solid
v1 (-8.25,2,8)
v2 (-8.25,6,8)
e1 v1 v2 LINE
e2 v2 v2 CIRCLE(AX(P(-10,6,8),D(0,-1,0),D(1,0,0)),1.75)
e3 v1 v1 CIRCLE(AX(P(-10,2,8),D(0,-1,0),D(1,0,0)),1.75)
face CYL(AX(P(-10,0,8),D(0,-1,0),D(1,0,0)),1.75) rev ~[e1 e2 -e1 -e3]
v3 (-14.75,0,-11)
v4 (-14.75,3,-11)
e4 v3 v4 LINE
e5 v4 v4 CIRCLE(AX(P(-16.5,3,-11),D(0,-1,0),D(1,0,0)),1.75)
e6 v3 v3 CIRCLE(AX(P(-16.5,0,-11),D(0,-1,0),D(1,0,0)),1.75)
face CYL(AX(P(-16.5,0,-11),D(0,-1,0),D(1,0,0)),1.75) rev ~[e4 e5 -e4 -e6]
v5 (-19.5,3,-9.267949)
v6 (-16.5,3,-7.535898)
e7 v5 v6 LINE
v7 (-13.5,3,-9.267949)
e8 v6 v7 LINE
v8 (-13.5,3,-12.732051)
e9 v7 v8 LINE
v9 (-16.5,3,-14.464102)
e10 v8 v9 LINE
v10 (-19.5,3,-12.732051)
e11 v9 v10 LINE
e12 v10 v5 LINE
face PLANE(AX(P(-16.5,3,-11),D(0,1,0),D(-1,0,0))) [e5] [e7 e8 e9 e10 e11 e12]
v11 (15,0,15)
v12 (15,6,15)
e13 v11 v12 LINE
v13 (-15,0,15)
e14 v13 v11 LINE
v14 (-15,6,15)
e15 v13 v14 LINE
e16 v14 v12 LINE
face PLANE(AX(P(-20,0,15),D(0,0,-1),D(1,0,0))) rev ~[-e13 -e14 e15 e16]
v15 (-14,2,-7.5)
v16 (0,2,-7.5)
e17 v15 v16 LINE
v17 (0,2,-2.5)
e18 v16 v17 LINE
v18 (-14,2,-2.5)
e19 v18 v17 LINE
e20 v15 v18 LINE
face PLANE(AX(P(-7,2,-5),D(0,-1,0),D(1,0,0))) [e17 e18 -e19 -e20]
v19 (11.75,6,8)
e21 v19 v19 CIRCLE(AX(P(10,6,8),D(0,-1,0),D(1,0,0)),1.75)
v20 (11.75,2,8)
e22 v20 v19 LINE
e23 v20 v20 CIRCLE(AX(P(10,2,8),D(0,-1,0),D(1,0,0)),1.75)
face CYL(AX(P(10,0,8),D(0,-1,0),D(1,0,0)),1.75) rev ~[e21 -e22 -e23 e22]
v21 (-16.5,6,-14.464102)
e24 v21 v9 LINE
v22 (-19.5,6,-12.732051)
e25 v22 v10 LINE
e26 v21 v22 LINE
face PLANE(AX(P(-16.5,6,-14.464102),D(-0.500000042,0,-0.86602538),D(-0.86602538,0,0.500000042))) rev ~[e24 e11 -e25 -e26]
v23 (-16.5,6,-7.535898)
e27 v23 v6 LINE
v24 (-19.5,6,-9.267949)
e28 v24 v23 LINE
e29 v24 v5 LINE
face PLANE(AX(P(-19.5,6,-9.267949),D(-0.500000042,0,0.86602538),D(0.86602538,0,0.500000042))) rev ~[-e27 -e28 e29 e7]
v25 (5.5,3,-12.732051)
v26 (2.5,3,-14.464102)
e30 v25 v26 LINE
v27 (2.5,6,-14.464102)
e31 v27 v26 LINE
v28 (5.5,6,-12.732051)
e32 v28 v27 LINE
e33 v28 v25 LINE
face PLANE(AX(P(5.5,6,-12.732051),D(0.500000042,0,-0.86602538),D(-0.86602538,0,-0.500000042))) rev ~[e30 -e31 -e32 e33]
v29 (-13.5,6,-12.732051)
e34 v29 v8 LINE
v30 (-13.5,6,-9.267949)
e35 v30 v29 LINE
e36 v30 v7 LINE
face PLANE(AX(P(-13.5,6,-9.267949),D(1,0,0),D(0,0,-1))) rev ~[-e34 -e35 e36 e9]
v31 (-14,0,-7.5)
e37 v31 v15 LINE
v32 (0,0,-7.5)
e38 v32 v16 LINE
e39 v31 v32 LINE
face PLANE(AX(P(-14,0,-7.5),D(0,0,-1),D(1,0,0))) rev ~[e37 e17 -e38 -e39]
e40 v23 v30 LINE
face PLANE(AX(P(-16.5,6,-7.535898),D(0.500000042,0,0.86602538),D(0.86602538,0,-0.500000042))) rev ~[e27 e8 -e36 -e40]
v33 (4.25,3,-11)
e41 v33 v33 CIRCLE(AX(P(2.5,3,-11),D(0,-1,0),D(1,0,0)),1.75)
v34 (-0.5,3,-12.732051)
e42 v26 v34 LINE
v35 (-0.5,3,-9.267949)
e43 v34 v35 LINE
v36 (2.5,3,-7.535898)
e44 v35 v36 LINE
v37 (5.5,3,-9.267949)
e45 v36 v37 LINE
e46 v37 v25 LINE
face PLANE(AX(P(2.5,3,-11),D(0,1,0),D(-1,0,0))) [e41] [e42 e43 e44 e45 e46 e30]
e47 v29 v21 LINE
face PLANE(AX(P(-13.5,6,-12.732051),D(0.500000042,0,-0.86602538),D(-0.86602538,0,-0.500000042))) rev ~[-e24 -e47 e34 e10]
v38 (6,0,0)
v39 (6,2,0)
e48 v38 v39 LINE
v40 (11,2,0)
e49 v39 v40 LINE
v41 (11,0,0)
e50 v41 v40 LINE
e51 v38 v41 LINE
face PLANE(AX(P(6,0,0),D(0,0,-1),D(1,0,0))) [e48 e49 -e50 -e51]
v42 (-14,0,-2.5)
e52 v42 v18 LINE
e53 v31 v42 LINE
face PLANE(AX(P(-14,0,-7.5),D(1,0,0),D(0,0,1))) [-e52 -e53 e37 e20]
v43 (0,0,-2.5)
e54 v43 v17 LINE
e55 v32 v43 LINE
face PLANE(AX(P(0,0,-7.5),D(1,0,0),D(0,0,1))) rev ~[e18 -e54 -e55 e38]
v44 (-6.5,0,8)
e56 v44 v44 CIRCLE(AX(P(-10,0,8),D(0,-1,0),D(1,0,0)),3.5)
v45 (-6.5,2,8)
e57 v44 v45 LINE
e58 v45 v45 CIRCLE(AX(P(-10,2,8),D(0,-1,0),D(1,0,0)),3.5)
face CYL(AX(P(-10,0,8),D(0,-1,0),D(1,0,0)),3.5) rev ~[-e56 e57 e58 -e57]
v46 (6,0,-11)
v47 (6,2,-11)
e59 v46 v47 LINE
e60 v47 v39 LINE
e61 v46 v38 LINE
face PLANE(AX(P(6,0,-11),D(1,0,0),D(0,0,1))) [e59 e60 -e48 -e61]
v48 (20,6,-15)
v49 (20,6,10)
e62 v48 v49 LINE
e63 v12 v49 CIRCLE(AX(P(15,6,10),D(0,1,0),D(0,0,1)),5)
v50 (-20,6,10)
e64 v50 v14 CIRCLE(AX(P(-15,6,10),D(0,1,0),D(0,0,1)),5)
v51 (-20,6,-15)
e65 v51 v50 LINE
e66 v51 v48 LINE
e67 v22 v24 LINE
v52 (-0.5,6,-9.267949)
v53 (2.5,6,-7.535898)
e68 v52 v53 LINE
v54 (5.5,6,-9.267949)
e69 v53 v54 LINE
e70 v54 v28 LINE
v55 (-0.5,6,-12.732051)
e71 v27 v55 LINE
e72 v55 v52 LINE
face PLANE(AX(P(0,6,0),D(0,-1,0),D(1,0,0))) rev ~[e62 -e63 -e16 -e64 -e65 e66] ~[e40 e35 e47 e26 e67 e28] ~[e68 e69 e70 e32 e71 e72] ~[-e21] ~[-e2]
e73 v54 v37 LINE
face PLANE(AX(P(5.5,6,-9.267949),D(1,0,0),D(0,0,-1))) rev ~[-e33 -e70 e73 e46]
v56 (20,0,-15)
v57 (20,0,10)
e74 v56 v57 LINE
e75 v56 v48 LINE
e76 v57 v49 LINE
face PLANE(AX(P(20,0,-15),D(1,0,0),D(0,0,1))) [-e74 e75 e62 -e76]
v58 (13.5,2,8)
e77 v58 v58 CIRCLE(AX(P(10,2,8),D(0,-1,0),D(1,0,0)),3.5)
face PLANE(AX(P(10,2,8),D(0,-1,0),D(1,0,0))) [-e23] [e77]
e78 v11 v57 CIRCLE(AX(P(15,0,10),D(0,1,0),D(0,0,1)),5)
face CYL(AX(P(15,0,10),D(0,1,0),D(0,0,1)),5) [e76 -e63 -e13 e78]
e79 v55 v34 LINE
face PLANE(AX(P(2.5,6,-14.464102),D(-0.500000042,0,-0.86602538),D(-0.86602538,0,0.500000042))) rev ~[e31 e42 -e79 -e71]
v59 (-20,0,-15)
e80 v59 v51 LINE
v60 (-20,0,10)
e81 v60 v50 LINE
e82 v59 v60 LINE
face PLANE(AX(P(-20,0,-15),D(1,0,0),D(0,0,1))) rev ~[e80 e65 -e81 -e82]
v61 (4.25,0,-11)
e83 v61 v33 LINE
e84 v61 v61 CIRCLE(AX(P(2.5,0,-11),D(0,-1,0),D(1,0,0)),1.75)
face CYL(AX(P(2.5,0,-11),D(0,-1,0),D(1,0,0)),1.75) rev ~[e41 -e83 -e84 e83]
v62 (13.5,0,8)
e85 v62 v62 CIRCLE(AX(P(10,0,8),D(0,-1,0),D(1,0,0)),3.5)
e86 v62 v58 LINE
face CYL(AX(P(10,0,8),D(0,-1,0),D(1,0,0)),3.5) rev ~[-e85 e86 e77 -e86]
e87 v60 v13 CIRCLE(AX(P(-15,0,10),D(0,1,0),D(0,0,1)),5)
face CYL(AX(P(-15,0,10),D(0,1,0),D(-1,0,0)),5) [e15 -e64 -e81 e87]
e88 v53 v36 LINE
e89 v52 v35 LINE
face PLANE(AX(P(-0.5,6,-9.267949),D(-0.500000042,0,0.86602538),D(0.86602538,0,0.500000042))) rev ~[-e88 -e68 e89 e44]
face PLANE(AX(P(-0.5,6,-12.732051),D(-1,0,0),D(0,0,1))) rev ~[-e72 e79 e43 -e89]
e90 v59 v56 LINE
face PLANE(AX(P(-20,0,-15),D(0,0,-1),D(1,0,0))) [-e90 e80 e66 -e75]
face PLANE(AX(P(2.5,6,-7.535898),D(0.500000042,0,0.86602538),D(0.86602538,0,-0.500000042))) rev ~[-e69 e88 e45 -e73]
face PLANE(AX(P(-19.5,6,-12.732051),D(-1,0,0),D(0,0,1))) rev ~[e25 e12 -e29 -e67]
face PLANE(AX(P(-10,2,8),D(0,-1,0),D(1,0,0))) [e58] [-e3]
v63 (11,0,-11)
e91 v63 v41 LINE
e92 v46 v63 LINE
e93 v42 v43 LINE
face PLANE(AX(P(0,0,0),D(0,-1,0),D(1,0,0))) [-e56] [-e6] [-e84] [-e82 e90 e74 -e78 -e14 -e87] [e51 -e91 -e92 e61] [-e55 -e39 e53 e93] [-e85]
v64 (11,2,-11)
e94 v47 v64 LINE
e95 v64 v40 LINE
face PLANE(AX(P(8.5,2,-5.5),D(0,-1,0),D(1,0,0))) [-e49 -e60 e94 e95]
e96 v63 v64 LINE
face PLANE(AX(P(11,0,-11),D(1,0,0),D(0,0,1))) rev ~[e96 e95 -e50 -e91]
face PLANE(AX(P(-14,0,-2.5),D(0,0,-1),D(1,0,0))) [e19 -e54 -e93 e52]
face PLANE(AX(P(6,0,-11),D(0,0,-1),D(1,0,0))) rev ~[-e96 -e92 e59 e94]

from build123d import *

# Parameters (mm, degrees)
F0_W     = 40
F0_H     = 30
F0_R     = 1.75
F0_W_2   = 14
F0_H_2   = 5
F0_W_3   = 5
F0_H_3   = 11
F0_R_2   = 3.5
F1_DEPTH = 6
F2_DEPTH = 2
F4_DEPTH = 3
F5_R     = 5


with BuildPart() as f1:
    # F0 (on Front) → F1 (new body)
    with BuildSketch(Plane.XZ):
        Rectangle(F0_W, F0_H)
        with Locations((-16.5, -11)):
            Circle(F0_R, mode=Mode.SUBTRACT)
        with Locations((-7, -5)):
            Rectangle(F0_W_2, F0_H_2, mode=Mode.SUBTRACT)
        with Locations((2.5, -11)):
            Circle(F0_R, mode=Mode.SUBTRACT)
        with Locations((8.5, -5.5)):
            Rectangle(F0_W_3, F0_H_3, mode=Mode.SUBTRACT)
        with Locations((-10, 8)):
            Circle(F0_R_2, mode=Mode.SUBTRACT)
        with Locations((10, 8)):
            Circle(F0_R_2, mode=Mode.SUBTRACT)
        with Locations((-7, -5)):
            Rectangle(F0_W_2, F0_H_2)
        with Locations((8.5, -5.5)):
            Rectangle(F0_W_3, F0_H_3)
        with Locations((10, 8)):
            Circle(F0_R_2)
        with Locations((10, 8)):
            Circle(F0_R, mode=Mode.SUBTRACT)
        with Locations((-10, 8)):
            Circle(F0_R_2)
        with Locations((-10, 8)):
            Circle(F0_R, mode=Mode.SUBTRACT)
    extrude(amount=-F1_DEPTH)

    # F0 (on Front) → F2 (cut)
    with BuildSketch(Plane.XZ):
        with Locations((8.5, -5.5)):
            Rectangle(F0_W_3, F0_H_3)
        with Locations((-7, -5)):
            Rectangle(F0_W_2, F0_H_2)
        with Locations((-10, 8)):
            Circle(F0_R_2)
        with Locations((-10, 8)):
            Circle(F0_R, mode=Mode.SUBTRACT)
        with Locations((10, 8)):
            Circle(F0_R_2)
        with Locations((10, 8)):
            Circle(F0_R, mode=Mode.SUBTRACT)
    extrude(amount=-F2_DEPTH, mode=Mode.SUBTRACT)

    # F3 (on face) → F4 (cut)
    with BuildSketch(Plane(origin=(0, 6, 0), x_dir=(-1, 0, 0), z_dir=(0, 1, 0))):
        Polygon((-2.5, -7.535898), (-5.5, -9.267949), (-5.5, -12.732051), (-2.5, -14.464102), (0.5, -12.732051), (0.5, -9.267949), align=None)
        Polygon((13.5, -9.267949), (13.5, -12.732051), (16.5, -14.464102), (19.5, -12.732051), (19.5, -9.267949), (16.5, -7.535898), align=None)
    extrude(amount=-F4_DEPTH, mode=Mode.SUBTRACT)

    # F5
    f5_edges = [f1.edges().sort_by_distance(p)[0] for p in [
        (20, 3, 15),
        (-20, 3, 15),
    ]]
    fillet(f5_edges, radius=F5_R)


solid = f1.part
